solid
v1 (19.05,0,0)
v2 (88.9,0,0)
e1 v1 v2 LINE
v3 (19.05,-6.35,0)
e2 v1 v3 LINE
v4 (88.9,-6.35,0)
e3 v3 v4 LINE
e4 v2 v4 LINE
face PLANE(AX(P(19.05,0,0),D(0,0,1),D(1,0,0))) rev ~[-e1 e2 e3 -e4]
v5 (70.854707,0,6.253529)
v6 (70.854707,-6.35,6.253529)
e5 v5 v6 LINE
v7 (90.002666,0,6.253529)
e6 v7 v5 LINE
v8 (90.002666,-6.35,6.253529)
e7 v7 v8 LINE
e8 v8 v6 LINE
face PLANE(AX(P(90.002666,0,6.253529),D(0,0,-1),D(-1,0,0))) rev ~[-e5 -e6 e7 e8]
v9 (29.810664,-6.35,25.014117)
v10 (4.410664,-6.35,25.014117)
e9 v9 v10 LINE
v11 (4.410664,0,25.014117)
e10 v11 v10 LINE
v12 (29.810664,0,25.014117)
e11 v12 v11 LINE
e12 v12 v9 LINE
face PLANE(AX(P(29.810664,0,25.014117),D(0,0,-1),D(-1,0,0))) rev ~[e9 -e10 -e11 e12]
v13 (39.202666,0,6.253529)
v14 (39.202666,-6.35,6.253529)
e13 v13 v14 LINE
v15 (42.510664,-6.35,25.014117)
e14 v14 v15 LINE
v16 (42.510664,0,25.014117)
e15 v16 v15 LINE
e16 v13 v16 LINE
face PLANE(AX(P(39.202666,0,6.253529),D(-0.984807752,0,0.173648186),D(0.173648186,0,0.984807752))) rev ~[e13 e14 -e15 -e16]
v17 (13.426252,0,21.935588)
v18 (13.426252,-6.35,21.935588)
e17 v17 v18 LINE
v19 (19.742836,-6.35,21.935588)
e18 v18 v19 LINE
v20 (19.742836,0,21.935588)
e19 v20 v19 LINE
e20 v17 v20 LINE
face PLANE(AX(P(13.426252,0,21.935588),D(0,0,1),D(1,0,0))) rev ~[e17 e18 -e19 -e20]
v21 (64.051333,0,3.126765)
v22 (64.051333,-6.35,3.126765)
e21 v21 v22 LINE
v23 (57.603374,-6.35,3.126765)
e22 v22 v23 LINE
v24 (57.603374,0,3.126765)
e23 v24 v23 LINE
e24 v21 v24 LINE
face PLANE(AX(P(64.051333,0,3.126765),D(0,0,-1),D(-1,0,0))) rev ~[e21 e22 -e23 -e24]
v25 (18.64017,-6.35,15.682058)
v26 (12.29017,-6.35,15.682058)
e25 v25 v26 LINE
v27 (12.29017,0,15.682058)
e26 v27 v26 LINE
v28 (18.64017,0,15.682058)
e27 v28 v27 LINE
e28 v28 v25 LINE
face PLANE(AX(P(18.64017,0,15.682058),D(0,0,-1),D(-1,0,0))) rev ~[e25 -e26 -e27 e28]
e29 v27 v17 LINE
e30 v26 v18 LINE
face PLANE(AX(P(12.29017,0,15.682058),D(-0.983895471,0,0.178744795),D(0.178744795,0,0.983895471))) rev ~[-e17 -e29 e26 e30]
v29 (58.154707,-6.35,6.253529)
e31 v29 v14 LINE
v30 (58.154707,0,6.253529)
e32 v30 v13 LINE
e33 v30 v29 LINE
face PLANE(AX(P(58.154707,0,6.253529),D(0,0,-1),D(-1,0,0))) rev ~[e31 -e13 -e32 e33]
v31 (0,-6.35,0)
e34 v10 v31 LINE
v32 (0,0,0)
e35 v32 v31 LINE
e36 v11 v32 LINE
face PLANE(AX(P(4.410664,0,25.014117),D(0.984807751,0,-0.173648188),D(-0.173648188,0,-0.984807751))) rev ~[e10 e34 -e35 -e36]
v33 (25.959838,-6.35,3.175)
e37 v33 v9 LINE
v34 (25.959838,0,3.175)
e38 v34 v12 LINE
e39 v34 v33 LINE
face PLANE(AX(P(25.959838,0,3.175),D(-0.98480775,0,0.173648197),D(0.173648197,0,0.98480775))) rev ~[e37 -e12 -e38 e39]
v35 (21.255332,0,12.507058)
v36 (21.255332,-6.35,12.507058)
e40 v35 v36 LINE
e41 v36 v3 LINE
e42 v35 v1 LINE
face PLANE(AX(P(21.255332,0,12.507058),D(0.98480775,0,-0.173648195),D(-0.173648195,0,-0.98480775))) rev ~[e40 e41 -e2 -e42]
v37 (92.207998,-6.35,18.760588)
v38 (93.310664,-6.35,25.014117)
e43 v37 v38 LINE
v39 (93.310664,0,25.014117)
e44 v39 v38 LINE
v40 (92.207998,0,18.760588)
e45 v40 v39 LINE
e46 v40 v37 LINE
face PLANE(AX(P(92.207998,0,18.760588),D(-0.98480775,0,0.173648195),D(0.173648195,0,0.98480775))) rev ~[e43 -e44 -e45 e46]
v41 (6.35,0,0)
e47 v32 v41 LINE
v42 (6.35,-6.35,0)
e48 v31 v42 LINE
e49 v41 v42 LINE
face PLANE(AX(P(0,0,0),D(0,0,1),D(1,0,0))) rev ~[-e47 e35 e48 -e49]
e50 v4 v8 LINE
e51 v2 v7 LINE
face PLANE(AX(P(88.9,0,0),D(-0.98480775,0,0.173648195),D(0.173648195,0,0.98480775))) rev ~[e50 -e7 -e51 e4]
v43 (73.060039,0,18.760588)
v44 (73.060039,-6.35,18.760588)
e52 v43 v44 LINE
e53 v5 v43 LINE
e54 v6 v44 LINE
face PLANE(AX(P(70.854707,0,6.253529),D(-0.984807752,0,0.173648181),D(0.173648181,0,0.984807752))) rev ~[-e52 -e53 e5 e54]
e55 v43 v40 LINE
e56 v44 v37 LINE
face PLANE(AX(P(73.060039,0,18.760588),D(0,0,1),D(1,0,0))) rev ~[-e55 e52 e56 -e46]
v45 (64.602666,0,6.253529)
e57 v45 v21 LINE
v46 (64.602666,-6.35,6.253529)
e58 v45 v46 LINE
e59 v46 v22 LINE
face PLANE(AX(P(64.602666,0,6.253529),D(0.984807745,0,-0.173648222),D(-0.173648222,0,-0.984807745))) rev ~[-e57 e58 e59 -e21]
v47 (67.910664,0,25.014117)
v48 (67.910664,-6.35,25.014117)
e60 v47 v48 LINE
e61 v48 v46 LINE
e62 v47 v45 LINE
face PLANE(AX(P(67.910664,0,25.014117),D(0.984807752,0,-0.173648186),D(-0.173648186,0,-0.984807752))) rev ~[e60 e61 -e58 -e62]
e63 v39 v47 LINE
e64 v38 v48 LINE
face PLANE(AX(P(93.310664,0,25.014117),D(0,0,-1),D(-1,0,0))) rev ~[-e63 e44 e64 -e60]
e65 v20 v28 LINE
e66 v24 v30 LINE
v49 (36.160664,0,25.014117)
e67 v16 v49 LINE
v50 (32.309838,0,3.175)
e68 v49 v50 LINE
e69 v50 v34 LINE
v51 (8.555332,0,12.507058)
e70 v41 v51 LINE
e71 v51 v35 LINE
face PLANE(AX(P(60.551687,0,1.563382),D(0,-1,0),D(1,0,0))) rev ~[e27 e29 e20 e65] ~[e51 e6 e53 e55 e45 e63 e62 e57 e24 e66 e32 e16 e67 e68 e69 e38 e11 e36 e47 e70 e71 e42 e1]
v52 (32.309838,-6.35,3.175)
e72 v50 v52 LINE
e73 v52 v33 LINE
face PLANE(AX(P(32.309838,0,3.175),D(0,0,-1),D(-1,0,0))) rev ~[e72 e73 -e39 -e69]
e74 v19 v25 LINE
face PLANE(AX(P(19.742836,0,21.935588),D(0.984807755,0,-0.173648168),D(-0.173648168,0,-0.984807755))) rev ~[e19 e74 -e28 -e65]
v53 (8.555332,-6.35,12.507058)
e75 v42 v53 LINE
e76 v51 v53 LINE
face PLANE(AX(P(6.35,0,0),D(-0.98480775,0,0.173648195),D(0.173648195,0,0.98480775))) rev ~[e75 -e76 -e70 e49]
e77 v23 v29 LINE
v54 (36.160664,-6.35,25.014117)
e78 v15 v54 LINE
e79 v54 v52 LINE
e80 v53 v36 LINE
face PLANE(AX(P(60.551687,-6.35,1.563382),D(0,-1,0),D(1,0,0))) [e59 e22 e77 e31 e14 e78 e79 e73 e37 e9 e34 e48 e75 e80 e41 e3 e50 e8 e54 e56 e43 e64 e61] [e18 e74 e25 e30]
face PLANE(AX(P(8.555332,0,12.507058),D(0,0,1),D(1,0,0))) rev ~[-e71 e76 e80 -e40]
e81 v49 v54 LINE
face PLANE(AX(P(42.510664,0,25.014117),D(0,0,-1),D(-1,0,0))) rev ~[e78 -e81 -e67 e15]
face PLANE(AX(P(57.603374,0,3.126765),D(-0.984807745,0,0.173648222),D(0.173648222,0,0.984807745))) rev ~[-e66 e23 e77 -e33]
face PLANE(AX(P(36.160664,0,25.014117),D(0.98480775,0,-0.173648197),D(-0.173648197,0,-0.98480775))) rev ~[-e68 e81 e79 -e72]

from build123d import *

# Parameters (mm, degrees)
F1_DEPTH = 6.35


with BuildPart() as f1:
    # F0 (on Front) → F1 (new body)
    with BuildSketch(Plane.XZ):
        Polygon((57.603374, 3.126765), (57.052041, 0), (63.5, 0), (64.051333, 3.126765), align=None)
        Polygon((67.910664, 25.014117), (64.602666, 6.253529), (64.051333, 3.126765), (63.5, 0), (88.9, 0), (90.002666, 6.253529), (83.554707, 6.253529), (70.854707, 6.253529), (73.060039, 18.760588), (85.760039, 18.760588), (92.207998, 18.760588), (93.310664, 25.014117), align=None)
        Polygon((4.410664, 25.014117), (0, 0), (6.35, 0), (8.555332, 12.507058), (14.905332, 12.507058), (15.46517, 15.682058), (12.29017, 15.682058), (13.426252, 21.935588), (16.567836, 21.935588), (17.110664, 25.014117), align=None)
        Polygon((42.510664, 25.014117), (36.160664, 25.014117), (32.309838, 3.175), (31.75, 0), (38.1, 0), (39.202666, 6.253529), align=None)
        Polygon((29.810664, 25.014117), (17.110664, 25.014117), (16.567836, 21.935588), (19.742836, 21.935588), (18.64017, 15.682058), (15.46517, 15.682058), (14.905332, 12.507058), (21.255332, 12.507058), (19.05, 0), (25.4, 0), (25.959838, 3.175), align=None)
        Polygon((32.309838, 3.175), (25.959838, 3.175), (25.4, 0), (31.75, 0), align=None)
        Polygon((58.154707, 6.253529), (39.202666, 6.253529), (38.1, 0), (57.052041, 0), (57.603374, 3.126765), align=None)
    extrude(amount=F1_DEPTH)


solid = f1.part
